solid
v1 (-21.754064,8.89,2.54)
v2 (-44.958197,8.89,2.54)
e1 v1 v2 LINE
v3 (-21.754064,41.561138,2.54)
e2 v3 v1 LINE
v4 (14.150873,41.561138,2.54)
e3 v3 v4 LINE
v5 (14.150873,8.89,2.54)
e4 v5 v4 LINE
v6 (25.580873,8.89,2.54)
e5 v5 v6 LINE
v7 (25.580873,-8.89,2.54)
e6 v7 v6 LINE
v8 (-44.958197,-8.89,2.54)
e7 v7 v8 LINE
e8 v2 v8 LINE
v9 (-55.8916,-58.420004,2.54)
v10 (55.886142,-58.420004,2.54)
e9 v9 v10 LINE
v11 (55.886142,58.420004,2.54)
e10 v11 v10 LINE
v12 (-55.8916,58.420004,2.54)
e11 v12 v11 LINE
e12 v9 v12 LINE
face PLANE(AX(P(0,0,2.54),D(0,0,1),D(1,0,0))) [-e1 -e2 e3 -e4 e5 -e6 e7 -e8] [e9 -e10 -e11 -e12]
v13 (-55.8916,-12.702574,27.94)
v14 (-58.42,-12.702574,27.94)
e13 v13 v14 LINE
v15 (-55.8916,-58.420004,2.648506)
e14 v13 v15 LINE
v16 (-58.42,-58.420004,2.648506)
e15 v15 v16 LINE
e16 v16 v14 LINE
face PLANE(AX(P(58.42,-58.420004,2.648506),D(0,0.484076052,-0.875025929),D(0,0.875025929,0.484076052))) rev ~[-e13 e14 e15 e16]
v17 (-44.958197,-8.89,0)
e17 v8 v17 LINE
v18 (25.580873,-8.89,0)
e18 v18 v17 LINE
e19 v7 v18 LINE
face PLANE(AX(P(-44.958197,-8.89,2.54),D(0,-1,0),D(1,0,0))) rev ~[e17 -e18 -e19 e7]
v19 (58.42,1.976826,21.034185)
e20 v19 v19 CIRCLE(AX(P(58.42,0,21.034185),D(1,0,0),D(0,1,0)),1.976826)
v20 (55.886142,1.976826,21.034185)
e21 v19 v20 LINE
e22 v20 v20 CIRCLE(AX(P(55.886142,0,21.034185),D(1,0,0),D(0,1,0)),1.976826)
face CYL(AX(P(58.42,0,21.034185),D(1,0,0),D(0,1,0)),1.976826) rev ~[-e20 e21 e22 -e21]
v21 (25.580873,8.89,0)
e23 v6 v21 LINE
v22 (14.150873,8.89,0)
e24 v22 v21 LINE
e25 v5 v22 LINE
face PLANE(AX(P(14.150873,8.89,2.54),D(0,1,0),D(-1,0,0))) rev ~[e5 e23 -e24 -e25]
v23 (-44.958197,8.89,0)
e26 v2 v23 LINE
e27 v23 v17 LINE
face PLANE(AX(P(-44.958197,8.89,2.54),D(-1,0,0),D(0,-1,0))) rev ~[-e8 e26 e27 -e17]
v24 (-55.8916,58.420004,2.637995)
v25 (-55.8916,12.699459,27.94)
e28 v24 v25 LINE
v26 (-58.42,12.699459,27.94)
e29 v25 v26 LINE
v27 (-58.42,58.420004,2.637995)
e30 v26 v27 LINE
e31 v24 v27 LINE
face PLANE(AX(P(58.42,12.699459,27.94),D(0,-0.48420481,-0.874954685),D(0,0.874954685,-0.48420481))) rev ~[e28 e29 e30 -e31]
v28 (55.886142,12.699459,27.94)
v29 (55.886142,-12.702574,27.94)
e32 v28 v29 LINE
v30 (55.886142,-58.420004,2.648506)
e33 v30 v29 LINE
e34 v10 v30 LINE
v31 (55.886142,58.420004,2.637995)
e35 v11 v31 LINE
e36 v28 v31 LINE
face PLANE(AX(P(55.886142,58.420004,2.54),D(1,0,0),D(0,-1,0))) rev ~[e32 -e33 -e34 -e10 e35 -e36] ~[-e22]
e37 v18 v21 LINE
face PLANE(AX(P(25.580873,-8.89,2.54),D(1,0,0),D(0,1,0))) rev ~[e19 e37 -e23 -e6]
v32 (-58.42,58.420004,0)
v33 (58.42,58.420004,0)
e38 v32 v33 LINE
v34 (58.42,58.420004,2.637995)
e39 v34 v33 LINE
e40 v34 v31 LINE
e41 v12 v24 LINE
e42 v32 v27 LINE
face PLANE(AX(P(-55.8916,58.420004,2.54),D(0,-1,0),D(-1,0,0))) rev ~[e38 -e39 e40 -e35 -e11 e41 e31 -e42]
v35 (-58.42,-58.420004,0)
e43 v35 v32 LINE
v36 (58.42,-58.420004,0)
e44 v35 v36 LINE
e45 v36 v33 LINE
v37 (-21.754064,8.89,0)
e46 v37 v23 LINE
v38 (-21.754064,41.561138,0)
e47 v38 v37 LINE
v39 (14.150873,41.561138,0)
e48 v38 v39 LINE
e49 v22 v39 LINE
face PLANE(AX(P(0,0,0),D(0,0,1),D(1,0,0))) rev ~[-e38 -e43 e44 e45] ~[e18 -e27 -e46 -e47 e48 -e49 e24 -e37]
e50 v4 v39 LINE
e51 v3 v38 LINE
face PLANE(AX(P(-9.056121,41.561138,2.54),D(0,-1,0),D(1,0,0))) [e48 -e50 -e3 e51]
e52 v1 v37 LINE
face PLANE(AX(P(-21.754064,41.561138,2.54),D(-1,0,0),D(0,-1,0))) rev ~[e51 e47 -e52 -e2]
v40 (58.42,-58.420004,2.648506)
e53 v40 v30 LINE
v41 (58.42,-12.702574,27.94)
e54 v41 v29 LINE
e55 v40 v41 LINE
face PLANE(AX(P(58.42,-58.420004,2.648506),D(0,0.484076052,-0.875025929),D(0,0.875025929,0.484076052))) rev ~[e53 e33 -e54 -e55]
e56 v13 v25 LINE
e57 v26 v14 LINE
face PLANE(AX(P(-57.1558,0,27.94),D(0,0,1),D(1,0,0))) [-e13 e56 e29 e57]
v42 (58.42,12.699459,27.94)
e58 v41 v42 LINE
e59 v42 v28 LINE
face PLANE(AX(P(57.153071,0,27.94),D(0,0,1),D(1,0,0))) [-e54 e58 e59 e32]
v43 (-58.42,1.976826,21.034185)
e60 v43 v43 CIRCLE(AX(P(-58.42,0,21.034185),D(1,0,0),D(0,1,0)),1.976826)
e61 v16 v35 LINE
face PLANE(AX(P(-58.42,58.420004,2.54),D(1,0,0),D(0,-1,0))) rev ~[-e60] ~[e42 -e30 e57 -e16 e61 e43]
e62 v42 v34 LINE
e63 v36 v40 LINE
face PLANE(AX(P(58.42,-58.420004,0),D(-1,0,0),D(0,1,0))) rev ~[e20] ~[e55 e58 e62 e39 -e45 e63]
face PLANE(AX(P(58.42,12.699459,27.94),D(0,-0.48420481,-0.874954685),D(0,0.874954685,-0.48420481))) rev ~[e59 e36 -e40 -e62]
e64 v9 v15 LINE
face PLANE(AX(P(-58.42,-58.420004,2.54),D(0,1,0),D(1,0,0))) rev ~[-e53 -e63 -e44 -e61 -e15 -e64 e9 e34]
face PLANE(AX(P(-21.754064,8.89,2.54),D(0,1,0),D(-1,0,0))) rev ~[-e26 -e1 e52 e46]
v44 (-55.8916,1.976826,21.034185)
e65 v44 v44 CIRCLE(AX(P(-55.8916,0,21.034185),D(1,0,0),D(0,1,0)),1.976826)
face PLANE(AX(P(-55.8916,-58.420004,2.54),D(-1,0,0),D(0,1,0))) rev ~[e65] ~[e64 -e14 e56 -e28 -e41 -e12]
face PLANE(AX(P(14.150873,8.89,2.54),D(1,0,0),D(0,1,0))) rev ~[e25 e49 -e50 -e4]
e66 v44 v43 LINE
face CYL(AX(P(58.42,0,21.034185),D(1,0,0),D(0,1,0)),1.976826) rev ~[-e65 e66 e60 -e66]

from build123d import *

# Parameters (mm, degrees)
F0_W      = 116.84
F0_H      = 116.840008
F1_DEPTH  = 2.54
F3_DEPTH  = 25.4
F5_DEPTH  = 25.4
F6_R      = 1.976826
F7_DEPTH  = 141.732
F9_DEPTH  = 149.86
F11_DEPTH = 25.4
F10_W     = 23.206993
F10_H     = 32.671138
F12_DEPTH = 25.4


with BuildPart() as f1:
    # F0 (on Top) → F1 (new body)
    with BuildSketch(Plane.XY):
        Rectangle(F0_W, F0_H)
    extrude(amount=F1_DEPTH)

    # F2 (on face) → F3 (join)
    with BuildSketch(Plane.XY.offset(2.54)):
        Polygon((-55.8916, -58.420004), (-55.8916, 0), (-55.8916, 58.420004), (-58.42, 58.420004), (-58.42, -58.420004), align=None)
        Polygon((58.42, 58.420004), (55.886142, 58.420004), (55.886142, 0), (55.886142, -58.420004), (58.42, -58.420004), align=None)
    extrude(amount=F3_DEPTH)

    # F4 (on face) → F5 (cut)
    with BuildSketch(Plane.XY.offset(2.54)):
        Polygon((14.150873, 8.89), (14.150873, 0), (14.150873, -8.89), (25.580873, -8.89), (25.580873, 8.89), align=None)
    extrude(amount=-F5_DEPTH, mode=Mode.SUBTRACT)

    # F6 (on face) → F7 (cut)
    with BuildSketch(Plane.YZ.offset(58.42)):
        with Locations((0, 21.034185)):
            Circle(F6_R)
    extrude(amount=-F7_DEPTH, mode=Mode.SUBTRACT)

    # F8 (on face) → F9 (cut)
    with BuildSketch(Plane.YZ.offset(58.42)):
        Polygon((-58.420004, 2.648506), (-12.702574, 27.94), (-58.420004, 27.94), align=None)
        Polygon((58.420004, 27.94), (12.699459, 27.94), (58.420004, 2.637995), align=None)
    extrude(amount=-F9_DEPTH, mode=Mode.SUBTRACT)

    # F10 (on face) → F11 (cut)
    with BuildSketch(Plane.XY.offset(2.54)):
        Polygon((-44.958197, -8.89), (14.150873, -8.89), (14.150873, 8.89), (-9.05612, 8.89), (-21.754064, 8.89), (-44.958197, 8.89), align=None)
        Polygon((-21.754064, 8.89), (-9.05612, 8.89), (-9.05612, 41.561138), (-15.403662, 41.561138), (-21.754064, 41.561138), align=None)
    extrude(amount=-F11_DEPTH, mode=Mode.SUBTRACT)

    # F10 (on face) → F12 (cut)
    with BuildSketch(Plane.XY.offset(2.54)):
        with Locations((2.547376, 25.225569)):
            Rectangle(F10_W, F10_H)
    extrude(amount=-F12_DEPTH, mode=Mode.SUBTRACT)


solid = f1.part
